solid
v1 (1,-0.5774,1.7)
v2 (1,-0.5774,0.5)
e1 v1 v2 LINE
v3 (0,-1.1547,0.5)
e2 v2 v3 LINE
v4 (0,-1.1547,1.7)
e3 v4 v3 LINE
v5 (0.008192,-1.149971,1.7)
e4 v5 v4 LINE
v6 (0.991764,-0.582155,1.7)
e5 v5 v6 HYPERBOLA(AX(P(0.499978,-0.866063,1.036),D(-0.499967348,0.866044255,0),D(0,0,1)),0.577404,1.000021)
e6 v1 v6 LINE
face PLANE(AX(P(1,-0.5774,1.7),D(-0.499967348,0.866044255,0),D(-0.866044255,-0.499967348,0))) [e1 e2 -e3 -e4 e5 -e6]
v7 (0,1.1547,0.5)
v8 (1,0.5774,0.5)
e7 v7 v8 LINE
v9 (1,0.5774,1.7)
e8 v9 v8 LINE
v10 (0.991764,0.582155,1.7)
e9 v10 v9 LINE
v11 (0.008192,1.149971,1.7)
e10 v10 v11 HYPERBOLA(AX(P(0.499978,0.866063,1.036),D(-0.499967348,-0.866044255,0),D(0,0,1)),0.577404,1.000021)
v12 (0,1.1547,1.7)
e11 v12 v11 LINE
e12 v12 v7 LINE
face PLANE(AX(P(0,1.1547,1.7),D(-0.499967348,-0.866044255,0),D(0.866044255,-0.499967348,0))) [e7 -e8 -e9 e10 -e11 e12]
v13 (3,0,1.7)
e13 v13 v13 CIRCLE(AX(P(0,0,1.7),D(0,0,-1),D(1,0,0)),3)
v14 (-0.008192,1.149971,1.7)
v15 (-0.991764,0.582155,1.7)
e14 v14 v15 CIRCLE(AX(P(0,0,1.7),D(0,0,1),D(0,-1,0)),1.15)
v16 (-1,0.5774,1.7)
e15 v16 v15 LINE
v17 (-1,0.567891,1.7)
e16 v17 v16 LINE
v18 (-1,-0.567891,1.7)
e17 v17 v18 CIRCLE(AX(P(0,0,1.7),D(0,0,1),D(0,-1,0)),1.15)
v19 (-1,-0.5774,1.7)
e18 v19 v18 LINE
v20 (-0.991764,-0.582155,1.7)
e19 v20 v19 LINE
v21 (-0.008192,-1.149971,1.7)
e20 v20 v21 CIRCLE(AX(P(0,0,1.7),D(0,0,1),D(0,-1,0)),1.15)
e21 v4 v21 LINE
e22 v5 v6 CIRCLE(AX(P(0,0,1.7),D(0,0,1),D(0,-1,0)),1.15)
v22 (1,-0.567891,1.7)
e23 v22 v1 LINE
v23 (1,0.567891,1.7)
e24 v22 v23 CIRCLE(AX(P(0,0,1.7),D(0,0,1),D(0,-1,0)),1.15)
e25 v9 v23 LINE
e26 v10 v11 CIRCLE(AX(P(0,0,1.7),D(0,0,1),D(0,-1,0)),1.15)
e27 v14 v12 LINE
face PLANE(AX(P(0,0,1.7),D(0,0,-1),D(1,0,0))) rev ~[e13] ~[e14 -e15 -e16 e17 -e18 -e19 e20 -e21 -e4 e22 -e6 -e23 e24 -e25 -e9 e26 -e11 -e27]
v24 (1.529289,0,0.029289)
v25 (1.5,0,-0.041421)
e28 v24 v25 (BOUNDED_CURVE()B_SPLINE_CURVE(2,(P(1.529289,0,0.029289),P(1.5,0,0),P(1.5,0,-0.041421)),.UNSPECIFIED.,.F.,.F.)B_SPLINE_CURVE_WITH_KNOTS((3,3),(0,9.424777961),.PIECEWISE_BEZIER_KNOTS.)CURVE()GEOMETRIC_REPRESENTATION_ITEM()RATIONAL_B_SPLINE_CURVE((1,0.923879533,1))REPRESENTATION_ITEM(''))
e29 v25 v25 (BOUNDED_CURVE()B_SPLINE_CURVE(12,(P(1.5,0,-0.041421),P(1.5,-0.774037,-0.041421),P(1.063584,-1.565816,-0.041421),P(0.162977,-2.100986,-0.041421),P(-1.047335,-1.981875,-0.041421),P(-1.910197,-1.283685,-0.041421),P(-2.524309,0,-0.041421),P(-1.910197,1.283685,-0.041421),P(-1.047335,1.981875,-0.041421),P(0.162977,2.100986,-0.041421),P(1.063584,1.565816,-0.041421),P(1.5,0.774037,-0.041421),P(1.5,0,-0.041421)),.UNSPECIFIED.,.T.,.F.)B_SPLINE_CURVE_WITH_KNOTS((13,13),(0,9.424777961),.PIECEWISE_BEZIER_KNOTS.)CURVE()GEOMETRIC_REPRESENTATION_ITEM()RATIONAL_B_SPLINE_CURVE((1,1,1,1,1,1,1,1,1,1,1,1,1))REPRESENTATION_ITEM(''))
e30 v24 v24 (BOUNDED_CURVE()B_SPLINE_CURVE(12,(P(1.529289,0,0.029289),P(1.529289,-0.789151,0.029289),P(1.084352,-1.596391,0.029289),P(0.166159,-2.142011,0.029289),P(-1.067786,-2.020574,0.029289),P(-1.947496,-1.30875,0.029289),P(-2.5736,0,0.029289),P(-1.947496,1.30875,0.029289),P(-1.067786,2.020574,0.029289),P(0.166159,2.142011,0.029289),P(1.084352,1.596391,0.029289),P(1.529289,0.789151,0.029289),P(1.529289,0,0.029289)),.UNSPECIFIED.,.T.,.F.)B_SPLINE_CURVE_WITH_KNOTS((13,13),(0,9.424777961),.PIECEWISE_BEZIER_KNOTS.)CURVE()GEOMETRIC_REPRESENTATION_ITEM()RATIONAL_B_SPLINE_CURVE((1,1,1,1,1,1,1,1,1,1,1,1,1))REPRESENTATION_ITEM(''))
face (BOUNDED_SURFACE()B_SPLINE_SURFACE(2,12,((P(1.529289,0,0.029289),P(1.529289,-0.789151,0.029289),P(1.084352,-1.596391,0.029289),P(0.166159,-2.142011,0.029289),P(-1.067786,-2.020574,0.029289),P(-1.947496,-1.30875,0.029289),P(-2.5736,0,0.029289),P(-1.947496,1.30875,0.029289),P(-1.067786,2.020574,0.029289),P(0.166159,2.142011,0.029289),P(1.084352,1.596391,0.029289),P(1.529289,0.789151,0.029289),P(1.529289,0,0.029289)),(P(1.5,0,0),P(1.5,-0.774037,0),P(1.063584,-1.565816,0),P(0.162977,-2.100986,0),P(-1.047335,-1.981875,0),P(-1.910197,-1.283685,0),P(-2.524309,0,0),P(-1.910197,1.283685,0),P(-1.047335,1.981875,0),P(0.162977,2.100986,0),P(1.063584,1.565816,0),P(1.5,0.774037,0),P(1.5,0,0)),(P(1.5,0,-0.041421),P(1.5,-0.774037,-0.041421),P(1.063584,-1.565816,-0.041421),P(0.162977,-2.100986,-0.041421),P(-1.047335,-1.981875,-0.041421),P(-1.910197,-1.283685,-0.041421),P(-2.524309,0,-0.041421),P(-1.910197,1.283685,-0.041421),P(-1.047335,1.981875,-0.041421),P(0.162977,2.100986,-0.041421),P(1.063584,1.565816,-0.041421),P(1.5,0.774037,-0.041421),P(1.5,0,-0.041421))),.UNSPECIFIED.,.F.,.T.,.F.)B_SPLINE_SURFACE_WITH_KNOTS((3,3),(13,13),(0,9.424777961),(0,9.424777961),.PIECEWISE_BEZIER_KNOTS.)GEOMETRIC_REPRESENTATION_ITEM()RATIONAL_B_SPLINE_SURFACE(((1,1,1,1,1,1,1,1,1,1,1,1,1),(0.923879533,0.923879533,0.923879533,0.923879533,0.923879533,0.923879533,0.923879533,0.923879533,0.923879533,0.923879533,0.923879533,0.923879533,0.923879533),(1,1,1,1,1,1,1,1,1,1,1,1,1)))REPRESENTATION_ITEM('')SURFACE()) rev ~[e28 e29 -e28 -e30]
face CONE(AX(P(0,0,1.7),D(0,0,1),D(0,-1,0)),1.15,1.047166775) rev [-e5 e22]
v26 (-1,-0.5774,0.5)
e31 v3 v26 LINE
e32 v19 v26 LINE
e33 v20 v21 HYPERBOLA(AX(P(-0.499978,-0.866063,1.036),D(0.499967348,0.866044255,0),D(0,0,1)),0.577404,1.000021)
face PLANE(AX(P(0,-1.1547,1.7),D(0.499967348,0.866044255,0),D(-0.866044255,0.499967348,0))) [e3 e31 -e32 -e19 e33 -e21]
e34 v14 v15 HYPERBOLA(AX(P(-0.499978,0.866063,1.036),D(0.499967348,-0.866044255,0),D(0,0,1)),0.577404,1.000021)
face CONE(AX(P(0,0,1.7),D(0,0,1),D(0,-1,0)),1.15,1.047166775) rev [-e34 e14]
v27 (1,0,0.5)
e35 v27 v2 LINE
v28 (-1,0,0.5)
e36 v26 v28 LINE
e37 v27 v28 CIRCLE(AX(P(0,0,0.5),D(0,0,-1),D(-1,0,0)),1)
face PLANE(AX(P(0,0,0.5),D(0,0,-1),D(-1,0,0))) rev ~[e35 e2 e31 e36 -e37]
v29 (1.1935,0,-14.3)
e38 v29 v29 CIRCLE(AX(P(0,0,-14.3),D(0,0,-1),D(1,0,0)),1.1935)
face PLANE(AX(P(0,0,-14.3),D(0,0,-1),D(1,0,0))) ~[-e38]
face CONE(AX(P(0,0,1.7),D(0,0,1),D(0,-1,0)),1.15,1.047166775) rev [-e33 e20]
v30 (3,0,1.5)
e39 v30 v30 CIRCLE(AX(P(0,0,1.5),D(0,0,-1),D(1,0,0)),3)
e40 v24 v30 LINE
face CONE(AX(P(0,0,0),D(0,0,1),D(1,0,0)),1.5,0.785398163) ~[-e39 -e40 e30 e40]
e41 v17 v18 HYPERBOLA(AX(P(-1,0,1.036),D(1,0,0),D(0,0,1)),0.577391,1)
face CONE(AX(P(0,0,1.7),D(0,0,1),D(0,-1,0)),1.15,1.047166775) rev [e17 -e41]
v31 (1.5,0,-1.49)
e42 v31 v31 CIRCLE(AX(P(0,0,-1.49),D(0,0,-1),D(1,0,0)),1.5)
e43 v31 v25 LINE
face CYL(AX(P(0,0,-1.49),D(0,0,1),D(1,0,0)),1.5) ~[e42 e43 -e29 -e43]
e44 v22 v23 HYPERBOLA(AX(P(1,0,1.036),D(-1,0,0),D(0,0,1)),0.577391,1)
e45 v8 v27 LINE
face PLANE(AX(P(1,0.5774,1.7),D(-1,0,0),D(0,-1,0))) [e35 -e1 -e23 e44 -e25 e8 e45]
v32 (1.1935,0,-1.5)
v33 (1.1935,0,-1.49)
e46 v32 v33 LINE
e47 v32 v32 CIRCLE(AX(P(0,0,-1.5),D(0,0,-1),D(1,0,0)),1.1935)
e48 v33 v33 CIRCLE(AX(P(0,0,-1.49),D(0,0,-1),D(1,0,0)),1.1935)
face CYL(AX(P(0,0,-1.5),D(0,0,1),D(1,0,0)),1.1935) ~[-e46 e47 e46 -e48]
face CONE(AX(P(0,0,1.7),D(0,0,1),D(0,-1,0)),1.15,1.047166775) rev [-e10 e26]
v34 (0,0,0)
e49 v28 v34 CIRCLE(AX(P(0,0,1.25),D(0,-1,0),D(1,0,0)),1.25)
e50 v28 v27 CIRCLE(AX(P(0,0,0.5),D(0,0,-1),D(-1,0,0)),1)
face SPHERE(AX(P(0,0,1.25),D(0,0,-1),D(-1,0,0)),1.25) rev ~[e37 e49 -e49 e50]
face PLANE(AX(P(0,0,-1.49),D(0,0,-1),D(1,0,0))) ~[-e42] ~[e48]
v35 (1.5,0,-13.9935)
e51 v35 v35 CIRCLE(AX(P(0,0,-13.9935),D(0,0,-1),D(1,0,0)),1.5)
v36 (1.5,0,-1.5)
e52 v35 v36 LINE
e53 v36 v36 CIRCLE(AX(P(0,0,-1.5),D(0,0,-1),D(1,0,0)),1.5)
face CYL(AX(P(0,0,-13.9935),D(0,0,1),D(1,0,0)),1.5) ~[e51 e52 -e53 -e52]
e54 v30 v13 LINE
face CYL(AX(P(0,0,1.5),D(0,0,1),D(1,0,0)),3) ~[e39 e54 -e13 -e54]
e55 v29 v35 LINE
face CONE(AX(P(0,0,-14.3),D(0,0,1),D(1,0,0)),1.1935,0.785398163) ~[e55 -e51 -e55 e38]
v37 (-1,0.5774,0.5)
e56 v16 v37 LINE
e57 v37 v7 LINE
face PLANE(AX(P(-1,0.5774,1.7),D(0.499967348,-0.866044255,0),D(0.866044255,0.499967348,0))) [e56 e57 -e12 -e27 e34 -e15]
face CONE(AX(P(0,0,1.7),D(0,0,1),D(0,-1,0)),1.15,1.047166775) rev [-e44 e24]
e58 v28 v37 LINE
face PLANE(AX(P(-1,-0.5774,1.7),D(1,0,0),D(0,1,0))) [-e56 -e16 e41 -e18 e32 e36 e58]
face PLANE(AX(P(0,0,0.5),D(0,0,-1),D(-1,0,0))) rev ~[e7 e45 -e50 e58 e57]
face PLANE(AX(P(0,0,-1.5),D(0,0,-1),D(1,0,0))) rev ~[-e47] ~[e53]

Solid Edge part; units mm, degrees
sketch "Sketch1" plane through (0, 0, 0) normal (0, -1, 0) x (1, 0, 0)
  line L0 (1.5, 0) -> (3, 1.5)
  line L1 (3, 1.5) -> (3, 1.7)
  line L2 (3, 1.7) -> (0, 1.7)
  line L3 (0, 1.7) -> (0, -14.3)
  line L4 (0, -14.3) -> (1.1935, -14.3)
  line L5 (1.1935, -14.3) -> (1.5, -13.9935)
  line L6 (1.5, -13.9935) -> (1.5, -1.5)
  line L7 (1.5, -1.5) -> (1.1935, -1.5)
  line L8 (1.1935, -1.5) -> (1.1935, -1.49)
  line L9 (1.1935, -1.49) -> (1.5, -1.49)
  line L10 (1.5, -1.49) -> (1.5, 0)
  dimension "D1" = 16
  dimension "D2" = 3
  dimension "D3" = 1.7
  dimension "D4" = 0.01
  dimension "D5" = 1.1935
  dimension "D6" = 3.2
  dimension "D7" = 0.2
revolve "RevolvedProtrusion1" add sketch "Sketch1" angle 360 about axis through (0, 0, 54) along (0, 0, -1)
sketch "Sketch2" plane through (0, 0, 0) normal (0, -1, 0) x (1, 0, 0)
  arc A0 (-1, 0.5) -> (0, 0) centre (0, 1.25) ccw
  line L0 (0, 0.5) -> (0, 0)
  line L1 (-1, 0.5) -> (0, 0.5)
  dimension "D1" = 14.8
revolve "RevolvedCutout1" cut sketch "Sketch2" angle 360 about axis through (0, 0, 54) along (0, 0, -1)
sketch "Sketch3" plane through (0, 0, 1.7) normal (0, 0, 1) x (0, -1, 0)
  line L0 (-1.1547, 0) -> (-0.5774, 1)
  line L1 (-0.5774, 1) -> (0.5774, 1)
  line L2 (0.5774, 1) -> (1.1547, 0)
  line L3 (1.1547, 0) -> (0.5774, -1)
  line L4 (0.5774, -1) -> (-0.5774, -1)
  line L5 (-0.5774, -1) -> (-1.1547, 0)
  dimension "D1" = 2
extrude "Cutout1" cut sketch "Sketch3" against normal blind 1.2
cosmetic_thread "Thread1" size "M3"
sketch "Sketch4" plane through (0, 0, 0) normal (1, 0, 0) x (0, 1, 0)
  line L0 (-1.15, 1.7) -> (0, 1.036)
revolve "RevolvedCutout2" cut sketch "Sketch4" angle 360 about axis through (0, 0, -57) along (0, 0, 1) material side at (0, -0.55, 1.4113)
fillet "Round1" radius 0.1 1 edges at (-1.5, 0, 0)
properties material "Stahl"
